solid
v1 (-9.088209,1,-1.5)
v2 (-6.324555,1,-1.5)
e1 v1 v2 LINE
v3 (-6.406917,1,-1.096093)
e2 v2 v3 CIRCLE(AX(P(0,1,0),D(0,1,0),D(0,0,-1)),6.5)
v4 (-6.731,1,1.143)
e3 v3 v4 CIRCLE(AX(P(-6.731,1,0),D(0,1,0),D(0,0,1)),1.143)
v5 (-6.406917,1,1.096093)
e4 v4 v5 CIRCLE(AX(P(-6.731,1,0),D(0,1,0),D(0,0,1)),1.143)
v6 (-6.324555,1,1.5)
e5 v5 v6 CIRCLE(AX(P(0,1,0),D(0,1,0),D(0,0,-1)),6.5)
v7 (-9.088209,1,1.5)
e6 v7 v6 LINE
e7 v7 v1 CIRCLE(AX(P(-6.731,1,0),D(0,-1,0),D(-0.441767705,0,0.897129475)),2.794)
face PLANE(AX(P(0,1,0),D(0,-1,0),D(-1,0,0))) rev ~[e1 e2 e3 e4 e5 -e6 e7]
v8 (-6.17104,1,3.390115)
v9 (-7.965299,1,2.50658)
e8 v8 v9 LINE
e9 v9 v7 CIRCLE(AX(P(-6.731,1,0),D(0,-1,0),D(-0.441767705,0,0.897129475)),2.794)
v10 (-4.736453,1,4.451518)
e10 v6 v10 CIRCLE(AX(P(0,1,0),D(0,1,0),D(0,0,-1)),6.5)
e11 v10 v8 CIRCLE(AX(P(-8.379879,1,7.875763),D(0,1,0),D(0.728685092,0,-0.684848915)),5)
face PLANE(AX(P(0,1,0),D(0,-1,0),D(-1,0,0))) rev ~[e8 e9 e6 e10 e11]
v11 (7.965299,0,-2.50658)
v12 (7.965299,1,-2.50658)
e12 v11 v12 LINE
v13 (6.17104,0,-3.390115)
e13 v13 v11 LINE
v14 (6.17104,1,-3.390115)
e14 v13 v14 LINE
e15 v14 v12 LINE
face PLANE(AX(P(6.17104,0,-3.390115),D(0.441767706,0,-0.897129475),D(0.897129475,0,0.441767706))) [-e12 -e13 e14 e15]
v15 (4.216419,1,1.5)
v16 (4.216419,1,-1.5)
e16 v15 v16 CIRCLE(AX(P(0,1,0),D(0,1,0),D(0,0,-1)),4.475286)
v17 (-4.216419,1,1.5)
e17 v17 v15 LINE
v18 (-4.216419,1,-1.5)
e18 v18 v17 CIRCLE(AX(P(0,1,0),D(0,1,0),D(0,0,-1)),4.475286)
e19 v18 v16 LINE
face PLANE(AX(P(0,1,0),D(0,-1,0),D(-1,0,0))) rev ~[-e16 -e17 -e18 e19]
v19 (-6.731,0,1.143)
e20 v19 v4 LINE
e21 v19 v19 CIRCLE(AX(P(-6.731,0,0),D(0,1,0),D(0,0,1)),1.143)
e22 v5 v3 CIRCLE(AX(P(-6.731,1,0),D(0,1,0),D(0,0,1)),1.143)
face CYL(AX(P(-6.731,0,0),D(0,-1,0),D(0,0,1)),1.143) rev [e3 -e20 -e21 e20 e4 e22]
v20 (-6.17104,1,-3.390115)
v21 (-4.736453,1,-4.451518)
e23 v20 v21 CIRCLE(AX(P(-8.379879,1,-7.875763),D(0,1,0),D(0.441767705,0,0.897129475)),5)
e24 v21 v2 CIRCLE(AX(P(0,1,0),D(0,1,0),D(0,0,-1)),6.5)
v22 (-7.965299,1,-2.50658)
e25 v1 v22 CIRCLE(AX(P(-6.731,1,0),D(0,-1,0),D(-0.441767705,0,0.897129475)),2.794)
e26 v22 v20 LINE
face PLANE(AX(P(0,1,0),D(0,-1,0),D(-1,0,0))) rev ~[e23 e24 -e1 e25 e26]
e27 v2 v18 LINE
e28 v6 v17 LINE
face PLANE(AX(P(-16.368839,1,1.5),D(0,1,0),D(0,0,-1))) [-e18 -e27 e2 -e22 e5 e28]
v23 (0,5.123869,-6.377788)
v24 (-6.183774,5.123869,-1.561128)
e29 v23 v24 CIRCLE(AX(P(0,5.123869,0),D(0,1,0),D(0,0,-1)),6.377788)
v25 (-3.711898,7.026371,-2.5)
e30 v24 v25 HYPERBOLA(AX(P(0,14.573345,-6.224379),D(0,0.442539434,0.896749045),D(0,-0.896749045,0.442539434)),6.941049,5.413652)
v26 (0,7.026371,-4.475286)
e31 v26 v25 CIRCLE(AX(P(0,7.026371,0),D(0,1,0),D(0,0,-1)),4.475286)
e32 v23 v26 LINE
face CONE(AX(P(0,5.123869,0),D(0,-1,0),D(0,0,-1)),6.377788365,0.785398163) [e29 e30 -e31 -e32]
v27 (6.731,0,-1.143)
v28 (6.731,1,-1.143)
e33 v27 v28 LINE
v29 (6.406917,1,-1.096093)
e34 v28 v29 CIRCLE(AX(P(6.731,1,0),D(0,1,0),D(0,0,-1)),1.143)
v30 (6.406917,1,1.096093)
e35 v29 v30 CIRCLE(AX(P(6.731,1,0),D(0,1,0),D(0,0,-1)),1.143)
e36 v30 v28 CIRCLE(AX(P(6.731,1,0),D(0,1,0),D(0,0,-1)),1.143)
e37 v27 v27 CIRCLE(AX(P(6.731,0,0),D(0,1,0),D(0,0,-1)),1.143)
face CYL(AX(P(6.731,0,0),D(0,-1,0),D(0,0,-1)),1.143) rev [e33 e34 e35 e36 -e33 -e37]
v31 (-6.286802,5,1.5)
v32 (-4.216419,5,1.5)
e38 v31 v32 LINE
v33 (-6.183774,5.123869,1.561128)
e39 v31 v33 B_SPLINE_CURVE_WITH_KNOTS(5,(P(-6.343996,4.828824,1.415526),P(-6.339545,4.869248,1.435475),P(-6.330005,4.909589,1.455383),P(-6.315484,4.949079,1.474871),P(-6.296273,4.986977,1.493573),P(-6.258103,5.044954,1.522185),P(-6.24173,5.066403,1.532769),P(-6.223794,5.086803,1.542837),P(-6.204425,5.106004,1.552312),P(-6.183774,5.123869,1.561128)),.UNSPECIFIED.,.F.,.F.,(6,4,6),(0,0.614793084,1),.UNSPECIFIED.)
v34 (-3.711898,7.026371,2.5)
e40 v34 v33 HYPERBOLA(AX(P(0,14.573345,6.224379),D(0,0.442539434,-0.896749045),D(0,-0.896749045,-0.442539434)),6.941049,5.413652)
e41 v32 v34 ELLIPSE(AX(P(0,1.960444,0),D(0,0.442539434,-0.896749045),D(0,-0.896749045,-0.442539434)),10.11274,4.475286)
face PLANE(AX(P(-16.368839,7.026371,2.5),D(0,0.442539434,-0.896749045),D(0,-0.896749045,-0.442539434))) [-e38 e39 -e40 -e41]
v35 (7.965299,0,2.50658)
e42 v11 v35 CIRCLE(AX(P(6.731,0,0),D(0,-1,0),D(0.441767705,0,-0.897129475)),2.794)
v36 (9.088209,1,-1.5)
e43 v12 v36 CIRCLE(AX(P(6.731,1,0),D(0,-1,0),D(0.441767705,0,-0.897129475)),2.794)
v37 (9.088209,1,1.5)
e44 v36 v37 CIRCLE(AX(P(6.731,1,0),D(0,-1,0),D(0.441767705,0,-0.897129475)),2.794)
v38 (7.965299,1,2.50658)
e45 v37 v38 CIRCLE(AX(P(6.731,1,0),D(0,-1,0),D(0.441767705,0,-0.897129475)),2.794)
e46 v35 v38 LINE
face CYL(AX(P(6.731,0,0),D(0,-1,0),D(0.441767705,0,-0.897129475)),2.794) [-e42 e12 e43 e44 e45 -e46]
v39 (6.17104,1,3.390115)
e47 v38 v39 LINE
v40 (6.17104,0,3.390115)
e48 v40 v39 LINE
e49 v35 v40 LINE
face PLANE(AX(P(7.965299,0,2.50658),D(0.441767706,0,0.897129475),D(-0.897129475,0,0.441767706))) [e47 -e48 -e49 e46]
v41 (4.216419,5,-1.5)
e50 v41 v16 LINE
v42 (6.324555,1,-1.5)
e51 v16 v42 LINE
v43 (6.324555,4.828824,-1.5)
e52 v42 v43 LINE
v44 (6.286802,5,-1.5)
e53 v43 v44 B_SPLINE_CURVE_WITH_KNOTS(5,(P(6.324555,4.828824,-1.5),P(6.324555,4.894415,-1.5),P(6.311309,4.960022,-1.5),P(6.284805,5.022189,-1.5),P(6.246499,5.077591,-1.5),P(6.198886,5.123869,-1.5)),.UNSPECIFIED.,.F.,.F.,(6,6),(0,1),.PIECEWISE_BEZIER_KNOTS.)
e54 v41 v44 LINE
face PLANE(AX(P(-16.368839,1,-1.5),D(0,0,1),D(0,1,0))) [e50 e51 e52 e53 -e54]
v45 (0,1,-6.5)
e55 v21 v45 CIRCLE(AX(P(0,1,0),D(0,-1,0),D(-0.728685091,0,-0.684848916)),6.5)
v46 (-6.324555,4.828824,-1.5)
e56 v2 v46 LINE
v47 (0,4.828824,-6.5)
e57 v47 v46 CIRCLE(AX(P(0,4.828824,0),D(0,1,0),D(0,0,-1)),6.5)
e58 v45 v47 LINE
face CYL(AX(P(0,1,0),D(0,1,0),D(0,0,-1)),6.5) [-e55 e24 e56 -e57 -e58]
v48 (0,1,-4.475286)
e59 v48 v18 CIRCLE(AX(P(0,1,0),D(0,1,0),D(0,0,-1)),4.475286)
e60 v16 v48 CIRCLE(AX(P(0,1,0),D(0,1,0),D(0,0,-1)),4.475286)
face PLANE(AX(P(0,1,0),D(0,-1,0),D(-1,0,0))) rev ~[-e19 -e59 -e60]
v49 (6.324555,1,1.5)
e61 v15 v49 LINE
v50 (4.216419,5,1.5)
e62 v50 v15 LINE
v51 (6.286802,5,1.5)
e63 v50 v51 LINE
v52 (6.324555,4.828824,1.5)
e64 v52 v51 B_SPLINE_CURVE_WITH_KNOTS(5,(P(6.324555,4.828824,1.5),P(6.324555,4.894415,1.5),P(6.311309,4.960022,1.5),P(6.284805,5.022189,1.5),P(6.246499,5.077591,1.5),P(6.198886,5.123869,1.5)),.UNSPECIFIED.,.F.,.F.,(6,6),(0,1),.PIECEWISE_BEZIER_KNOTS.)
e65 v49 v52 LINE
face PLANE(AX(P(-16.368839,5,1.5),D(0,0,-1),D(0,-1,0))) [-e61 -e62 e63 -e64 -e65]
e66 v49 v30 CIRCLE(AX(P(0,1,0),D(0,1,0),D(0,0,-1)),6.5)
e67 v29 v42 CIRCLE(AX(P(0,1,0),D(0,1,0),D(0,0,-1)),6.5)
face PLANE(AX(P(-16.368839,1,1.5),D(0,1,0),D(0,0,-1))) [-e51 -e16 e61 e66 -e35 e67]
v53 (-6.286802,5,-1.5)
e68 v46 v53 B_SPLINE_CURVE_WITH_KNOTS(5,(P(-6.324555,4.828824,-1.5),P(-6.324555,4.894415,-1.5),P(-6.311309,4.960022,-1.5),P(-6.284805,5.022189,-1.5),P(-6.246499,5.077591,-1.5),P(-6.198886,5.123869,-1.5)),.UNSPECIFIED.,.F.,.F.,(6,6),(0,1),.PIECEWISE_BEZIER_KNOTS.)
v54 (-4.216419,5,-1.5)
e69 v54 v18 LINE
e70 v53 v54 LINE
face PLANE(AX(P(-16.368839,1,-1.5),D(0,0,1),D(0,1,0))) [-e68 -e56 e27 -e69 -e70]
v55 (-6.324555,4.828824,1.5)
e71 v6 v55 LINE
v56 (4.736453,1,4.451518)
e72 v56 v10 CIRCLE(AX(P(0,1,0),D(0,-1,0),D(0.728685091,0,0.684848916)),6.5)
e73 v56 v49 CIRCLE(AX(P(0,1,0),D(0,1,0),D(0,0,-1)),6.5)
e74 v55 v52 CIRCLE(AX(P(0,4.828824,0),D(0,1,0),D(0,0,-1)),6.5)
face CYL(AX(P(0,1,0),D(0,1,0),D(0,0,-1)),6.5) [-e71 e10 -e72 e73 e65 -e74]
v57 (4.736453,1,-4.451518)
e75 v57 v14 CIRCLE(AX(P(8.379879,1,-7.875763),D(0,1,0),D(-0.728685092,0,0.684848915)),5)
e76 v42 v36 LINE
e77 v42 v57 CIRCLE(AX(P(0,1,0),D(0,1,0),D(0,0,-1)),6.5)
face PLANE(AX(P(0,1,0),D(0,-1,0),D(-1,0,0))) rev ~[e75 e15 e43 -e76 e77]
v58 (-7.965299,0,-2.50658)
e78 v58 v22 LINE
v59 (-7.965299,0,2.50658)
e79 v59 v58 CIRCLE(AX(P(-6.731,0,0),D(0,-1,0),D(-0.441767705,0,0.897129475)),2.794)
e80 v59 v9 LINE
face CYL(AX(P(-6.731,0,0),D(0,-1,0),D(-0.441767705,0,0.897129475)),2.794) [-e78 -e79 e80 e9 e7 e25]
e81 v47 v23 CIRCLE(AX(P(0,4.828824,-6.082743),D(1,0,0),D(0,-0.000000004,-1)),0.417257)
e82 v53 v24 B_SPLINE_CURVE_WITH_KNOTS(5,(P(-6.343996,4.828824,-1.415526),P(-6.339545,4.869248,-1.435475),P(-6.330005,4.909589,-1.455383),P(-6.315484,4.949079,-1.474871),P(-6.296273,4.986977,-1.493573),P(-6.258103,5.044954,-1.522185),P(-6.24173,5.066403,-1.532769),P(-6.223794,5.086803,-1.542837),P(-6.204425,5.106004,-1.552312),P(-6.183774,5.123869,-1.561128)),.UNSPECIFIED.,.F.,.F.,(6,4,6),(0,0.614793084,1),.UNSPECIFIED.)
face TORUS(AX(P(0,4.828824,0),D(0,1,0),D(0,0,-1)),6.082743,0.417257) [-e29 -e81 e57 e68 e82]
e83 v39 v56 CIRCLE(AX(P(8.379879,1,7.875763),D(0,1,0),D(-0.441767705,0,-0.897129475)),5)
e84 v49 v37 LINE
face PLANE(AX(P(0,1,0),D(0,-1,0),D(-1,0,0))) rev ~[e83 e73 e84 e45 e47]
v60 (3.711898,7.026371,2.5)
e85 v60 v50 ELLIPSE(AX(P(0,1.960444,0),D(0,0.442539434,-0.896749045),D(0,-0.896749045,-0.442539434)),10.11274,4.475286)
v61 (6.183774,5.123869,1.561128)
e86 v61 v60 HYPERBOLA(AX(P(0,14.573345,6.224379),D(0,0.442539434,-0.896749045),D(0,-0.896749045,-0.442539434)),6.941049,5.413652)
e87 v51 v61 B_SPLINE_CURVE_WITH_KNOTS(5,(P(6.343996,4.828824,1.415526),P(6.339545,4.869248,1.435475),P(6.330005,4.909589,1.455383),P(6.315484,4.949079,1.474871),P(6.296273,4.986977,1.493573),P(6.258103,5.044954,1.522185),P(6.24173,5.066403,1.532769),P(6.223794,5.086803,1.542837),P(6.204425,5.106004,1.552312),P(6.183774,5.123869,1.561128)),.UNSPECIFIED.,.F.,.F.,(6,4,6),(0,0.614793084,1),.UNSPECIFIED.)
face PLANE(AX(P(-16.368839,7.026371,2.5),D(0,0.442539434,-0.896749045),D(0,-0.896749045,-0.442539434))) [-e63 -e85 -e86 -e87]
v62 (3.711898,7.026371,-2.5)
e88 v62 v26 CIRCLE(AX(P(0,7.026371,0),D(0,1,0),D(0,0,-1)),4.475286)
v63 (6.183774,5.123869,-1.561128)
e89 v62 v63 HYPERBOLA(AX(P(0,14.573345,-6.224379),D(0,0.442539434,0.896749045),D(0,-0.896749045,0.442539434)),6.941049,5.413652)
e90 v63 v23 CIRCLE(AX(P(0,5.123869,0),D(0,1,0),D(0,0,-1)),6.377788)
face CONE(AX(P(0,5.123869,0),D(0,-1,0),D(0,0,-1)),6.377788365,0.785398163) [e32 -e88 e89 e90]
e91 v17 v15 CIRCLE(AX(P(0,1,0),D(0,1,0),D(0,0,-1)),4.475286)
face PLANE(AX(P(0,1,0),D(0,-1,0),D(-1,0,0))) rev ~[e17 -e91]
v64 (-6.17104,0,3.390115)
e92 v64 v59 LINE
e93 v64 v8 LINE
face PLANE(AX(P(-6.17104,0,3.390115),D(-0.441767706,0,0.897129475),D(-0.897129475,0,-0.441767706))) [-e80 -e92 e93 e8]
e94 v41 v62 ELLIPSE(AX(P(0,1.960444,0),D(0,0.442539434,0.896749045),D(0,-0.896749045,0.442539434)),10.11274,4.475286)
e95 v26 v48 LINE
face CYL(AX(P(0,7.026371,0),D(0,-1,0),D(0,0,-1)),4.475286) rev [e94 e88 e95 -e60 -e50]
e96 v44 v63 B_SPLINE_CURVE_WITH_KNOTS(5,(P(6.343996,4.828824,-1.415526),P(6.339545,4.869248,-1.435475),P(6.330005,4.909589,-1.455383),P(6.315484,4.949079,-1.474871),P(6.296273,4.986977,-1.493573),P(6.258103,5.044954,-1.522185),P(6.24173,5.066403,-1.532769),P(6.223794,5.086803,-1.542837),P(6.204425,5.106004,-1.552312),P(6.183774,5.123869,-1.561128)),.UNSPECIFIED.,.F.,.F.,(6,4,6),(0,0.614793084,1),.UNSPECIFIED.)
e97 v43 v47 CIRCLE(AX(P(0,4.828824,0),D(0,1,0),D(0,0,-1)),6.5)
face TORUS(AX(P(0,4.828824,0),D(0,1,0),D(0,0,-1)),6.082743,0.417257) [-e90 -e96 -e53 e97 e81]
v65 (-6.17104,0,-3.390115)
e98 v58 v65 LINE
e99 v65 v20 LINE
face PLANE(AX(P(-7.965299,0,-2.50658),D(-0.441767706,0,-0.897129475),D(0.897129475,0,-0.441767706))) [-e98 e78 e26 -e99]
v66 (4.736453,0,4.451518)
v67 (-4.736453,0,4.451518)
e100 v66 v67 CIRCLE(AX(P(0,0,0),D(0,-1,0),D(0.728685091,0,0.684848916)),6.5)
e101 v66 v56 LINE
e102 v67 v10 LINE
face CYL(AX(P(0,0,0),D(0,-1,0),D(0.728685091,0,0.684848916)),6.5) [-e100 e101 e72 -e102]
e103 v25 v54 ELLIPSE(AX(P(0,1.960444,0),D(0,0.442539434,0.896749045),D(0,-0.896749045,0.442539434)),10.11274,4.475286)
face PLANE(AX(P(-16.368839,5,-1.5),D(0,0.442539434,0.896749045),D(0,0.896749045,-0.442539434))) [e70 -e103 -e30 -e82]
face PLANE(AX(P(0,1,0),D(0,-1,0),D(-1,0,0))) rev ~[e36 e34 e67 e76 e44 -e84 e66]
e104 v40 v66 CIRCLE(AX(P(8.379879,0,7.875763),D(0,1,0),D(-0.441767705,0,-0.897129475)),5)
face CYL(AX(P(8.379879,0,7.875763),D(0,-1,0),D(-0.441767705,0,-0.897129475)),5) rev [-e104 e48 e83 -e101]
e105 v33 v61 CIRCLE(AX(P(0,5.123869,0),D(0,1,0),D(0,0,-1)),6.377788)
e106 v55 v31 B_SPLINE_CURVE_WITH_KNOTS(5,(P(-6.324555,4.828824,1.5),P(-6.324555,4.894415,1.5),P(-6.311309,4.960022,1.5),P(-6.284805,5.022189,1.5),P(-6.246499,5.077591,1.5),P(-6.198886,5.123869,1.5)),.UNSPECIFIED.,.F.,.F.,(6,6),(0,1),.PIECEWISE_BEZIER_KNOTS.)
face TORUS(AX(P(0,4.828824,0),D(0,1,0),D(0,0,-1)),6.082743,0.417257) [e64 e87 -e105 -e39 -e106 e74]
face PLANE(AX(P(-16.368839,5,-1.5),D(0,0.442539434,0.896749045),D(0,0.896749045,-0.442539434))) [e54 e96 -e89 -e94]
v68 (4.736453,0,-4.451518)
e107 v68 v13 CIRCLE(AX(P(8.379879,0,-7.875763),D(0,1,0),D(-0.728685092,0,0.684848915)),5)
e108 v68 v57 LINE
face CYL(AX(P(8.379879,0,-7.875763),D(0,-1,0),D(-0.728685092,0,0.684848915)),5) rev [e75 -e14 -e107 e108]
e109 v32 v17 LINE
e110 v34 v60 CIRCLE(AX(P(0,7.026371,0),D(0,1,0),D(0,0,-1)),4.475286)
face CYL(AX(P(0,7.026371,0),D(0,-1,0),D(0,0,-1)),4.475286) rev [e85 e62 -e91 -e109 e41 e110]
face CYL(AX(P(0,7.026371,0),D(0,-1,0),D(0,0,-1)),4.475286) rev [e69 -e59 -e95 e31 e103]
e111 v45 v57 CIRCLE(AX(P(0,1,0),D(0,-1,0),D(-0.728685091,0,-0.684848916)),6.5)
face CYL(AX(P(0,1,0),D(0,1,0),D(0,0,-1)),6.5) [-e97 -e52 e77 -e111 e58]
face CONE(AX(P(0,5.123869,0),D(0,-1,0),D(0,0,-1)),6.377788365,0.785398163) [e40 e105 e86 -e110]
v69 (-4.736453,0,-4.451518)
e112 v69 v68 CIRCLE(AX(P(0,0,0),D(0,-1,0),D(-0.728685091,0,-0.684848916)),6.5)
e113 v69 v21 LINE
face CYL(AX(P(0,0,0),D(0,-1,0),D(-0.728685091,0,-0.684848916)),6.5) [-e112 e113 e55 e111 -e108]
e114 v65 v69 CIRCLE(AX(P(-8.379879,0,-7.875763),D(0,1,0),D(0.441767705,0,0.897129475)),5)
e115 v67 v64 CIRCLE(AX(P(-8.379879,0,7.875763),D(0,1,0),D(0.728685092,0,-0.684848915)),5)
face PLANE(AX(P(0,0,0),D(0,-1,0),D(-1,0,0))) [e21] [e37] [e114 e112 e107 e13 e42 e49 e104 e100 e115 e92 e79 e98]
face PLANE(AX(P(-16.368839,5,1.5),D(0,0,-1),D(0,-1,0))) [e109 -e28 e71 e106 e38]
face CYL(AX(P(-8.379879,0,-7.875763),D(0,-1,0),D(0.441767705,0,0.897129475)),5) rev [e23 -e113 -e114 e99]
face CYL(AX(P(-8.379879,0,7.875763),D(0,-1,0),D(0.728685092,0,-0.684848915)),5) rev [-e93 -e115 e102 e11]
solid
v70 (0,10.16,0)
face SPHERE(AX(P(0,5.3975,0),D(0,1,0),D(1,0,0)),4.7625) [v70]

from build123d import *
from build123d.topology import SkipClean

# Parameters (mm, degrees)
SKICA1_R                      = 1.143
P_IDAT_VYSUNUT_M1_DEPTH       = 1
ODEBRAT_VYSUNUT_M1_DEPTH      = 16.368839458
ODEBRAT_VYSUNUT_M1_DEPTH_BACK = 16.368839458


with BuildPart() as part:
    # Skica1 → Přidat vysunutím1 (new body)
    with BuildSketch(Plane(origin=(0, 0, 0), x_dir=(1, 0, 0), z_dir=(0, 1, 0))):
        with BuildLine():
            Line((-7.965298969, 2.506579752), (-6.17104002, 3.390115163))
            ThreePointArc((-6.17104002, 3.390115163), (-5.406010291, 3.856296453), (-4.736453092, 4.451517956))
            ThreePointArc((-4.736453092, 4.451517956), (0, 6.5), (4.736453092, 4.451517956))
            ThreePointArc((4.736453092, 4.451517956), (5.406010291, 3.856296453), (6.17104002, 3.390115163))
            Line((6.17104002, 3.390115163), (7.965298969, 2.506579752))
            ThreePointArc((7.965298969, 2.506579752), (9.525, 0), (7.965298969, -2.506579752))
            Line((7.965298969, -2.506579752), (6.17104002, -3.390115163))
            ThreePointArc((6.17104002, -3.390115163), (5.406010291, -3.856296453), (4.736453092, -4.451517956))
            ThreePointArc((4.736453092, -4.451517956), (0, -6.5), (-4.736453092, -4.451517956))
            ThreePointArc((-4.736453092, -4.451517956), (-5.406010291, -3.856296453), (-6.17104002, -3.390115163))
            Line((-6.17104002, -3.390115163), (-7.965298969, -2.506579752))
            ThreePointArc((-7.965298969, -2.506579752), (-9.525, 0), (-7.965298969, 2.506579752))
        make_face()
        with Locations(Location((-6.731, 0, 0), (0, 0, 270))):
            Circle(SKICA1_R, mode=Mode.SUBTRACT)
        with Locations(Location((6.731, 0, 0), (0, 0, 90))):
            Circle(SKICA1_R, mode=Mode.SUBTRACT)
    extrude(amount=P_IDAT_VYSUNUT_M1_DEPTH)

    # Skica3 → Rotovat5 (revolve)
    with SkipClean():  # the faces are left unmerged after this step: merging them gives an invalid solid
        with BuildSketch(Plane(origin=(0, 0, 0), x_dir=(0, 0, -1), z_dir=(1, 0, 0))):
            with BuildLine():
                Line((6.5, 1), (6.5, 4.828823687))
                ThreePointArc((6.5, 4.828823687), (6.468238231, 4.988500884), (6.377788365, 5.123868674))
                Line((6.377788365, 5.123868674), (4.475286106, 7.026370933))
                Line((4.475286106, 7.026370933), (4.475286106, 1))
                Line((4.475286106, 1), (6.5, 1))
            make_face()
        revolve(axis=Axis((0, 0, 0), (0, 1, 0)))

    # Skica4 → Odebrat vysunutím1 (cut, two sides: drawn at the far end of the back side and taken through both)
    with SkipClean():  # the faces are left unmerged after this step: merging them gives an invalid solid
        with BuildSketch(Plane(origin=(0, 0, 0), x_dir=(0, 0, -1), z_dir=(1, 0, 0)).offset(-ODEBRAT_VYSUNUT_M1_DEPTH_BACK)):
            Polygon((-2.5, 7.026370933), (-1.5, 5), (-1.5, 1), (1.5, 1), (1.5, 5), (2.5, 7.026370933), align=None)
        extrude(amount=ODEBRAT_VYSUNUT_M1_DEPTH + ODEBRAT_VYSUNUT_M1_DEPTH_BACK, mode=Mode.SUBTRACT)


with BuildPart() as body_2:
    # Skica2 → Rotovat2 (revolve)
    with BuildSketch(Plane.XY):
        with BuildLine():
            Line((0, 10.16), (0, 0.635))
            ThreePointArc((0, 0.635), (4.7625, 5.3975), (0, 10.16))
        make_face()
    revolve(axis=Axis((0, 0, 0), (0, 1, 0)))


solid = Compound([part.part, body_2.part])
